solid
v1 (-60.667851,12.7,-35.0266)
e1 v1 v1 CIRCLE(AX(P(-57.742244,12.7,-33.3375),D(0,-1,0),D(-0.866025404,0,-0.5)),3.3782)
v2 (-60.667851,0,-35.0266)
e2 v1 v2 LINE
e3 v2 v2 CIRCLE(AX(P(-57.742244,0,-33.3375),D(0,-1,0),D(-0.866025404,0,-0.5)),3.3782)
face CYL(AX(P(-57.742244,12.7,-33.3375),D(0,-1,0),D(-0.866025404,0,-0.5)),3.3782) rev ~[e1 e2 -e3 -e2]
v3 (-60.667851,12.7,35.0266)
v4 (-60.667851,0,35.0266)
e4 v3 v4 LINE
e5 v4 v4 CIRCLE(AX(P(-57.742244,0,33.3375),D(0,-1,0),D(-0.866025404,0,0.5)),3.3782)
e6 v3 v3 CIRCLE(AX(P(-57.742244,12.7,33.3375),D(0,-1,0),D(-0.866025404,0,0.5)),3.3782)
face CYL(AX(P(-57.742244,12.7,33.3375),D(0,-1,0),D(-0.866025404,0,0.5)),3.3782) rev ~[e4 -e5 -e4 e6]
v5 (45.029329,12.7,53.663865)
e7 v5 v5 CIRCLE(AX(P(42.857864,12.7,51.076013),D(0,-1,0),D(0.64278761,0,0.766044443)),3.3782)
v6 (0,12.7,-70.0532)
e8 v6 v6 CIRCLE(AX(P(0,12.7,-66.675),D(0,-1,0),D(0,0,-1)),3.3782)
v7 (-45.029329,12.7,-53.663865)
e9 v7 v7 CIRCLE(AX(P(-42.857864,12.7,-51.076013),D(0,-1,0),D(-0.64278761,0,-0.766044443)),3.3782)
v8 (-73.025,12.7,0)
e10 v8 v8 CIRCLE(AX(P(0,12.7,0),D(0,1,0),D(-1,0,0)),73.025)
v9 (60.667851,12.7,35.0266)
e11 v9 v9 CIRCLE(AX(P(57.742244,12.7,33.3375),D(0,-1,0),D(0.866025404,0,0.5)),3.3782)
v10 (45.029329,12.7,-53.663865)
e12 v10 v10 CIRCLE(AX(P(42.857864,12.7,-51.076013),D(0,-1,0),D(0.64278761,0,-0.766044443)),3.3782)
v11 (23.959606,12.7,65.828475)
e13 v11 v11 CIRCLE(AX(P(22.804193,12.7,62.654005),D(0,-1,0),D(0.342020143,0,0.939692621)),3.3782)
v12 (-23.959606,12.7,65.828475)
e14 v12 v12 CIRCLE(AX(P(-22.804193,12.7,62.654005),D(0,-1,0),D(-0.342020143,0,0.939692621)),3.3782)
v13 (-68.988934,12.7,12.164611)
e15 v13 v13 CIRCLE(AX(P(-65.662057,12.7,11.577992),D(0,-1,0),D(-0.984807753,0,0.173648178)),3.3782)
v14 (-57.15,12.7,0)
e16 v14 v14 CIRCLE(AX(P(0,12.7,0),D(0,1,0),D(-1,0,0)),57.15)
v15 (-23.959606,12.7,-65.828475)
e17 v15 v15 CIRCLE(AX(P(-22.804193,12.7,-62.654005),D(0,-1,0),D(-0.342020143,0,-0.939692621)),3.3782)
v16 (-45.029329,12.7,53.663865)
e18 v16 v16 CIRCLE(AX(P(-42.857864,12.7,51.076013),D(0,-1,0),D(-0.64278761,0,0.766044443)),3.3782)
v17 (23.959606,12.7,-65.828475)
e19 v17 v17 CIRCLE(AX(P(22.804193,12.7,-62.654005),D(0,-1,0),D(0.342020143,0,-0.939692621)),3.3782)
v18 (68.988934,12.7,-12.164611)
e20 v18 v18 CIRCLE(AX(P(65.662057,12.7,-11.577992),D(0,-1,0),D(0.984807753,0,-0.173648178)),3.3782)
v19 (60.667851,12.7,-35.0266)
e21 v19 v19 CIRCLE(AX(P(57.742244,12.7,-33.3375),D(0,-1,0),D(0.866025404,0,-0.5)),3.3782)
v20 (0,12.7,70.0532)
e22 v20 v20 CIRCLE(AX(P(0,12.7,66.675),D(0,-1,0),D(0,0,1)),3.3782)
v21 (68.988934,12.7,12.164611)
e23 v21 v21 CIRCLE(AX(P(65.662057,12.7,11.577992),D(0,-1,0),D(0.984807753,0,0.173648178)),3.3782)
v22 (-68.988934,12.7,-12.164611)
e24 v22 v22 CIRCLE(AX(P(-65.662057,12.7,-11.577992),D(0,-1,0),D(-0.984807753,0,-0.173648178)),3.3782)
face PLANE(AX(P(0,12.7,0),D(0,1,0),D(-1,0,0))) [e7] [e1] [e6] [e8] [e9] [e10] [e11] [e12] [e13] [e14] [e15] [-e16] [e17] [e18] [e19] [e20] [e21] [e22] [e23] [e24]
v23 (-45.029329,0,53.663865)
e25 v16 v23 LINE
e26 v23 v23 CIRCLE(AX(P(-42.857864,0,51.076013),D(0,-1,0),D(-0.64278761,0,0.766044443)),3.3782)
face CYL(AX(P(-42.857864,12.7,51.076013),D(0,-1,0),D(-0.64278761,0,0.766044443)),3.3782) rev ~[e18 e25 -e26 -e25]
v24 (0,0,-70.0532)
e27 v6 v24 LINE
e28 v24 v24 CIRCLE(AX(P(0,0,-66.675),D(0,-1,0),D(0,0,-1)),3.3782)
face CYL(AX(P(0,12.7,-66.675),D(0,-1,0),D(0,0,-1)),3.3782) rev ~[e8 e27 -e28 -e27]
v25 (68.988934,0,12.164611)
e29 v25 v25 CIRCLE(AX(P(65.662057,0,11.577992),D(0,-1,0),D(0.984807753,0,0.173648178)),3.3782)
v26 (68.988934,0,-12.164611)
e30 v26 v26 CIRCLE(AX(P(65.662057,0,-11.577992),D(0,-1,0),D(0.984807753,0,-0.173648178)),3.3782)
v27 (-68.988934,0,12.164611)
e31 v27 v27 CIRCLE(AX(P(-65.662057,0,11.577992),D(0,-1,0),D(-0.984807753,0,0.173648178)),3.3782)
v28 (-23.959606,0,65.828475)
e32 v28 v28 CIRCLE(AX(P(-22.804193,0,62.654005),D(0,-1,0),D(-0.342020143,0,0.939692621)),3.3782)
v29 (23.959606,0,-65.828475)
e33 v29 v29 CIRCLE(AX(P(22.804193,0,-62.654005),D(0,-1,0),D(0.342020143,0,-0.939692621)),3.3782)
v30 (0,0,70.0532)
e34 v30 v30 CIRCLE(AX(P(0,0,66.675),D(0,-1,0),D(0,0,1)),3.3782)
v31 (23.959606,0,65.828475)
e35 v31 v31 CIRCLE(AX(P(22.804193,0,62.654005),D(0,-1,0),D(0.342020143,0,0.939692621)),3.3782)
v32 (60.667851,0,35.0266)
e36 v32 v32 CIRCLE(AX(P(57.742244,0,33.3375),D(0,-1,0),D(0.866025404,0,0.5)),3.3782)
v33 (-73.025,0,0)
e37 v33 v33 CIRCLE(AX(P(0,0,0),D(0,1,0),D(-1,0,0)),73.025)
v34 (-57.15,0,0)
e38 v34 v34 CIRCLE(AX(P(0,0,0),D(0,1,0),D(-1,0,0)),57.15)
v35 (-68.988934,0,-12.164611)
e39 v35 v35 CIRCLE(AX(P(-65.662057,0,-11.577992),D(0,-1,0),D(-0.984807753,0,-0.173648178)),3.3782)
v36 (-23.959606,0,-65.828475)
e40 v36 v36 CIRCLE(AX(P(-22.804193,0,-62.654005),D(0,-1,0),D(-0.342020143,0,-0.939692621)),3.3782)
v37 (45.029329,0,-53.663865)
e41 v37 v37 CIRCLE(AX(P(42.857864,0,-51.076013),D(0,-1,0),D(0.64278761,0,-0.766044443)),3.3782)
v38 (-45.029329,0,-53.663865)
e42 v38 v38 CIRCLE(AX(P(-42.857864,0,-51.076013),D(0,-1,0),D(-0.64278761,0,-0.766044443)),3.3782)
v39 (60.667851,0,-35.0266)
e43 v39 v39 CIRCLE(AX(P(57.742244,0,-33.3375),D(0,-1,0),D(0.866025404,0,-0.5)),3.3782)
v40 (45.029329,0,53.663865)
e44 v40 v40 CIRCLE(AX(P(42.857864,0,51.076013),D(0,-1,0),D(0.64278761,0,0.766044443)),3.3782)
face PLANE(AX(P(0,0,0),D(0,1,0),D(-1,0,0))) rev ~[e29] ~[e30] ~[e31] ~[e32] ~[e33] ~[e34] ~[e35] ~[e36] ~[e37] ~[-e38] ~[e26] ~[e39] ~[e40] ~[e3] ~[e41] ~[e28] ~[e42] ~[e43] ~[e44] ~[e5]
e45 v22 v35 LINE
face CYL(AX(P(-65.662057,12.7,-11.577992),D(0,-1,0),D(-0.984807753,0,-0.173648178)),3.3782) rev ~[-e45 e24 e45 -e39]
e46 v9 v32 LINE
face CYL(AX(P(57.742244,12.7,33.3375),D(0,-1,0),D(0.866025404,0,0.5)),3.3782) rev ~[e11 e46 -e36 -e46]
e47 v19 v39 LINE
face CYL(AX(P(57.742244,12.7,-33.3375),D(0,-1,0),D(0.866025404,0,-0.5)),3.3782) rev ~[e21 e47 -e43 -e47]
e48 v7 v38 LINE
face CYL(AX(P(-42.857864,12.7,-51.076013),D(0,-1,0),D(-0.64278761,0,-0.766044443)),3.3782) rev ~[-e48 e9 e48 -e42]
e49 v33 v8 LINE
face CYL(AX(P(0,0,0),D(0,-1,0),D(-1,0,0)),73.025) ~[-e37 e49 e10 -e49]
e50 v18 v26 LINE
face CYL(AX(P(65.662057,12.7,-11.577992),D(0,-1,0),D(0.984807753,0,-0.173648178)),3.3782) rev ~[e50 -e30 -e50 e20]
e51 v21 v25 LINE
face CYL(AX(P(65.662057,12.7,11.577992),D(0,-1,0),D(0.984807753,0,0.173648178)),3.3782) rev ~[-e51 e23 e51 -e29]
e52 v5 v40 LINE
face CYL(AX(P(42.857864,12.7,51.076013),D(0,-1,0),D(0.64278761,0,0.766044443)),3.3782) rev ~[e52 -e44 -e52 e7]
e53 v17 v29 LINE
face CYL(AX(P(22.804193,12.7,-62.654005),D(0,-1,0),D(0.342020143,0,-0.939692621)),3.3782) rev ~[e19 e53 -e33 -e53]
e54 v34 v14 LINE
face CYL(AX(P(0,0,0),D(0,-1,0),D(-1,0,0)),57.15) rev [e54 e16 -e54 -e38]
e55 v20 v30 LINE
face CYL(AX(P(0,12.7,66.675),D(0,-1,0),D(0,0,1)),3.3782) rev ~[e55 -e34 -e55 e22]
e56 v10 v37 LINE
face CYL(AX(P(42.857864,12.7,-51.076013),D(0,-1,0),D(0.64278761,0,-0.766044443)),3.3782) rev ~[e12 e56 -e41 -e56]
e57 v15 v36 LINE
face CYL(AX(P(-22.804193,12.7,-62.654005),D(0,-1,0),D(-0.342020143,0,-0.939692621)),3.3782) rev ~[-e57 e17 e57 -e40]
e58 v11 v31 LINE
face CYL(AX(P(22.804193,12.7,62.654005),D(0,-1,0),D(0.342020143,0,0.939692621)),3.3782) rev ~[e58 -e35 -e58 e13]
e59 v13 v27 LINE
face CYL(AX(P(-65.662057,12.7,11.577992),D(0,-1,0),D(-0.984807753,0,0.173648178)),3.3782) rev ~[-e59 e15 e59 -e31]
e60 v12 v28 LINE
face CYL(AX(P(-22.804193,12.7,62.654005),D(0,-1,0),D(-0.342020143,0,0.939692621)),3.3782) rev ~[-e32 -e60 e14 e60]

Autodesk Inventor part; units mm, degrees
ref_plane "YZ Plane" through (0, 0, 0) normal (1, 0, 0) x (0, 1, 0)
ref_plane "XZ Plane" through (0, 0, 0) normal (0, 1, 0) x (-1, 0, 0)
sketch "Sketch1" plane through (0, 0, 0) normal (0, 1, 0) x (-1, 0, 0)
  circle A0 centre (0, 0) radius 57.15
  circle A1 centre (0, 0) radius 73.025
  dimension "d0" = 114.3
  dimension "d25" = 146.05
extrude "Extrusion1" add sketch "Sketch1" along normal blind 12.7
sketch "Sketch4" plane through (0, 12.7, 0) normal (0, 1, 0) x (1, 0, 0)
  line L0 (0, 0) -> (0, -66.675) construction
  line L1 (0, 0) -> (0, -57.15) construction
  circle A0 centre (0, 0) radius 57.15 projected
  dimension "d14" = 66.675
  dimension "d33" = 0
hole "Hole2" at (0, 12.7, 66.675) direction (0, -1, 0) diameter 6.7564 end through all clearance for "Socket Head Cap Screw" size "1/4" standard "Ansi Unified Screw Threads"
pattern_circular "Circular Pattern2" count 18 over 360 about axis through (0, 0, 0) along (0, 1, 0) of "Hole2"
ref_plane "Work Plane1" through (0, 0, -69.85) normal (0, 0, 1) x (1, 0, 0)
properties part number "Injector Plate Retainer Ring" material "Aluminum 6061"
